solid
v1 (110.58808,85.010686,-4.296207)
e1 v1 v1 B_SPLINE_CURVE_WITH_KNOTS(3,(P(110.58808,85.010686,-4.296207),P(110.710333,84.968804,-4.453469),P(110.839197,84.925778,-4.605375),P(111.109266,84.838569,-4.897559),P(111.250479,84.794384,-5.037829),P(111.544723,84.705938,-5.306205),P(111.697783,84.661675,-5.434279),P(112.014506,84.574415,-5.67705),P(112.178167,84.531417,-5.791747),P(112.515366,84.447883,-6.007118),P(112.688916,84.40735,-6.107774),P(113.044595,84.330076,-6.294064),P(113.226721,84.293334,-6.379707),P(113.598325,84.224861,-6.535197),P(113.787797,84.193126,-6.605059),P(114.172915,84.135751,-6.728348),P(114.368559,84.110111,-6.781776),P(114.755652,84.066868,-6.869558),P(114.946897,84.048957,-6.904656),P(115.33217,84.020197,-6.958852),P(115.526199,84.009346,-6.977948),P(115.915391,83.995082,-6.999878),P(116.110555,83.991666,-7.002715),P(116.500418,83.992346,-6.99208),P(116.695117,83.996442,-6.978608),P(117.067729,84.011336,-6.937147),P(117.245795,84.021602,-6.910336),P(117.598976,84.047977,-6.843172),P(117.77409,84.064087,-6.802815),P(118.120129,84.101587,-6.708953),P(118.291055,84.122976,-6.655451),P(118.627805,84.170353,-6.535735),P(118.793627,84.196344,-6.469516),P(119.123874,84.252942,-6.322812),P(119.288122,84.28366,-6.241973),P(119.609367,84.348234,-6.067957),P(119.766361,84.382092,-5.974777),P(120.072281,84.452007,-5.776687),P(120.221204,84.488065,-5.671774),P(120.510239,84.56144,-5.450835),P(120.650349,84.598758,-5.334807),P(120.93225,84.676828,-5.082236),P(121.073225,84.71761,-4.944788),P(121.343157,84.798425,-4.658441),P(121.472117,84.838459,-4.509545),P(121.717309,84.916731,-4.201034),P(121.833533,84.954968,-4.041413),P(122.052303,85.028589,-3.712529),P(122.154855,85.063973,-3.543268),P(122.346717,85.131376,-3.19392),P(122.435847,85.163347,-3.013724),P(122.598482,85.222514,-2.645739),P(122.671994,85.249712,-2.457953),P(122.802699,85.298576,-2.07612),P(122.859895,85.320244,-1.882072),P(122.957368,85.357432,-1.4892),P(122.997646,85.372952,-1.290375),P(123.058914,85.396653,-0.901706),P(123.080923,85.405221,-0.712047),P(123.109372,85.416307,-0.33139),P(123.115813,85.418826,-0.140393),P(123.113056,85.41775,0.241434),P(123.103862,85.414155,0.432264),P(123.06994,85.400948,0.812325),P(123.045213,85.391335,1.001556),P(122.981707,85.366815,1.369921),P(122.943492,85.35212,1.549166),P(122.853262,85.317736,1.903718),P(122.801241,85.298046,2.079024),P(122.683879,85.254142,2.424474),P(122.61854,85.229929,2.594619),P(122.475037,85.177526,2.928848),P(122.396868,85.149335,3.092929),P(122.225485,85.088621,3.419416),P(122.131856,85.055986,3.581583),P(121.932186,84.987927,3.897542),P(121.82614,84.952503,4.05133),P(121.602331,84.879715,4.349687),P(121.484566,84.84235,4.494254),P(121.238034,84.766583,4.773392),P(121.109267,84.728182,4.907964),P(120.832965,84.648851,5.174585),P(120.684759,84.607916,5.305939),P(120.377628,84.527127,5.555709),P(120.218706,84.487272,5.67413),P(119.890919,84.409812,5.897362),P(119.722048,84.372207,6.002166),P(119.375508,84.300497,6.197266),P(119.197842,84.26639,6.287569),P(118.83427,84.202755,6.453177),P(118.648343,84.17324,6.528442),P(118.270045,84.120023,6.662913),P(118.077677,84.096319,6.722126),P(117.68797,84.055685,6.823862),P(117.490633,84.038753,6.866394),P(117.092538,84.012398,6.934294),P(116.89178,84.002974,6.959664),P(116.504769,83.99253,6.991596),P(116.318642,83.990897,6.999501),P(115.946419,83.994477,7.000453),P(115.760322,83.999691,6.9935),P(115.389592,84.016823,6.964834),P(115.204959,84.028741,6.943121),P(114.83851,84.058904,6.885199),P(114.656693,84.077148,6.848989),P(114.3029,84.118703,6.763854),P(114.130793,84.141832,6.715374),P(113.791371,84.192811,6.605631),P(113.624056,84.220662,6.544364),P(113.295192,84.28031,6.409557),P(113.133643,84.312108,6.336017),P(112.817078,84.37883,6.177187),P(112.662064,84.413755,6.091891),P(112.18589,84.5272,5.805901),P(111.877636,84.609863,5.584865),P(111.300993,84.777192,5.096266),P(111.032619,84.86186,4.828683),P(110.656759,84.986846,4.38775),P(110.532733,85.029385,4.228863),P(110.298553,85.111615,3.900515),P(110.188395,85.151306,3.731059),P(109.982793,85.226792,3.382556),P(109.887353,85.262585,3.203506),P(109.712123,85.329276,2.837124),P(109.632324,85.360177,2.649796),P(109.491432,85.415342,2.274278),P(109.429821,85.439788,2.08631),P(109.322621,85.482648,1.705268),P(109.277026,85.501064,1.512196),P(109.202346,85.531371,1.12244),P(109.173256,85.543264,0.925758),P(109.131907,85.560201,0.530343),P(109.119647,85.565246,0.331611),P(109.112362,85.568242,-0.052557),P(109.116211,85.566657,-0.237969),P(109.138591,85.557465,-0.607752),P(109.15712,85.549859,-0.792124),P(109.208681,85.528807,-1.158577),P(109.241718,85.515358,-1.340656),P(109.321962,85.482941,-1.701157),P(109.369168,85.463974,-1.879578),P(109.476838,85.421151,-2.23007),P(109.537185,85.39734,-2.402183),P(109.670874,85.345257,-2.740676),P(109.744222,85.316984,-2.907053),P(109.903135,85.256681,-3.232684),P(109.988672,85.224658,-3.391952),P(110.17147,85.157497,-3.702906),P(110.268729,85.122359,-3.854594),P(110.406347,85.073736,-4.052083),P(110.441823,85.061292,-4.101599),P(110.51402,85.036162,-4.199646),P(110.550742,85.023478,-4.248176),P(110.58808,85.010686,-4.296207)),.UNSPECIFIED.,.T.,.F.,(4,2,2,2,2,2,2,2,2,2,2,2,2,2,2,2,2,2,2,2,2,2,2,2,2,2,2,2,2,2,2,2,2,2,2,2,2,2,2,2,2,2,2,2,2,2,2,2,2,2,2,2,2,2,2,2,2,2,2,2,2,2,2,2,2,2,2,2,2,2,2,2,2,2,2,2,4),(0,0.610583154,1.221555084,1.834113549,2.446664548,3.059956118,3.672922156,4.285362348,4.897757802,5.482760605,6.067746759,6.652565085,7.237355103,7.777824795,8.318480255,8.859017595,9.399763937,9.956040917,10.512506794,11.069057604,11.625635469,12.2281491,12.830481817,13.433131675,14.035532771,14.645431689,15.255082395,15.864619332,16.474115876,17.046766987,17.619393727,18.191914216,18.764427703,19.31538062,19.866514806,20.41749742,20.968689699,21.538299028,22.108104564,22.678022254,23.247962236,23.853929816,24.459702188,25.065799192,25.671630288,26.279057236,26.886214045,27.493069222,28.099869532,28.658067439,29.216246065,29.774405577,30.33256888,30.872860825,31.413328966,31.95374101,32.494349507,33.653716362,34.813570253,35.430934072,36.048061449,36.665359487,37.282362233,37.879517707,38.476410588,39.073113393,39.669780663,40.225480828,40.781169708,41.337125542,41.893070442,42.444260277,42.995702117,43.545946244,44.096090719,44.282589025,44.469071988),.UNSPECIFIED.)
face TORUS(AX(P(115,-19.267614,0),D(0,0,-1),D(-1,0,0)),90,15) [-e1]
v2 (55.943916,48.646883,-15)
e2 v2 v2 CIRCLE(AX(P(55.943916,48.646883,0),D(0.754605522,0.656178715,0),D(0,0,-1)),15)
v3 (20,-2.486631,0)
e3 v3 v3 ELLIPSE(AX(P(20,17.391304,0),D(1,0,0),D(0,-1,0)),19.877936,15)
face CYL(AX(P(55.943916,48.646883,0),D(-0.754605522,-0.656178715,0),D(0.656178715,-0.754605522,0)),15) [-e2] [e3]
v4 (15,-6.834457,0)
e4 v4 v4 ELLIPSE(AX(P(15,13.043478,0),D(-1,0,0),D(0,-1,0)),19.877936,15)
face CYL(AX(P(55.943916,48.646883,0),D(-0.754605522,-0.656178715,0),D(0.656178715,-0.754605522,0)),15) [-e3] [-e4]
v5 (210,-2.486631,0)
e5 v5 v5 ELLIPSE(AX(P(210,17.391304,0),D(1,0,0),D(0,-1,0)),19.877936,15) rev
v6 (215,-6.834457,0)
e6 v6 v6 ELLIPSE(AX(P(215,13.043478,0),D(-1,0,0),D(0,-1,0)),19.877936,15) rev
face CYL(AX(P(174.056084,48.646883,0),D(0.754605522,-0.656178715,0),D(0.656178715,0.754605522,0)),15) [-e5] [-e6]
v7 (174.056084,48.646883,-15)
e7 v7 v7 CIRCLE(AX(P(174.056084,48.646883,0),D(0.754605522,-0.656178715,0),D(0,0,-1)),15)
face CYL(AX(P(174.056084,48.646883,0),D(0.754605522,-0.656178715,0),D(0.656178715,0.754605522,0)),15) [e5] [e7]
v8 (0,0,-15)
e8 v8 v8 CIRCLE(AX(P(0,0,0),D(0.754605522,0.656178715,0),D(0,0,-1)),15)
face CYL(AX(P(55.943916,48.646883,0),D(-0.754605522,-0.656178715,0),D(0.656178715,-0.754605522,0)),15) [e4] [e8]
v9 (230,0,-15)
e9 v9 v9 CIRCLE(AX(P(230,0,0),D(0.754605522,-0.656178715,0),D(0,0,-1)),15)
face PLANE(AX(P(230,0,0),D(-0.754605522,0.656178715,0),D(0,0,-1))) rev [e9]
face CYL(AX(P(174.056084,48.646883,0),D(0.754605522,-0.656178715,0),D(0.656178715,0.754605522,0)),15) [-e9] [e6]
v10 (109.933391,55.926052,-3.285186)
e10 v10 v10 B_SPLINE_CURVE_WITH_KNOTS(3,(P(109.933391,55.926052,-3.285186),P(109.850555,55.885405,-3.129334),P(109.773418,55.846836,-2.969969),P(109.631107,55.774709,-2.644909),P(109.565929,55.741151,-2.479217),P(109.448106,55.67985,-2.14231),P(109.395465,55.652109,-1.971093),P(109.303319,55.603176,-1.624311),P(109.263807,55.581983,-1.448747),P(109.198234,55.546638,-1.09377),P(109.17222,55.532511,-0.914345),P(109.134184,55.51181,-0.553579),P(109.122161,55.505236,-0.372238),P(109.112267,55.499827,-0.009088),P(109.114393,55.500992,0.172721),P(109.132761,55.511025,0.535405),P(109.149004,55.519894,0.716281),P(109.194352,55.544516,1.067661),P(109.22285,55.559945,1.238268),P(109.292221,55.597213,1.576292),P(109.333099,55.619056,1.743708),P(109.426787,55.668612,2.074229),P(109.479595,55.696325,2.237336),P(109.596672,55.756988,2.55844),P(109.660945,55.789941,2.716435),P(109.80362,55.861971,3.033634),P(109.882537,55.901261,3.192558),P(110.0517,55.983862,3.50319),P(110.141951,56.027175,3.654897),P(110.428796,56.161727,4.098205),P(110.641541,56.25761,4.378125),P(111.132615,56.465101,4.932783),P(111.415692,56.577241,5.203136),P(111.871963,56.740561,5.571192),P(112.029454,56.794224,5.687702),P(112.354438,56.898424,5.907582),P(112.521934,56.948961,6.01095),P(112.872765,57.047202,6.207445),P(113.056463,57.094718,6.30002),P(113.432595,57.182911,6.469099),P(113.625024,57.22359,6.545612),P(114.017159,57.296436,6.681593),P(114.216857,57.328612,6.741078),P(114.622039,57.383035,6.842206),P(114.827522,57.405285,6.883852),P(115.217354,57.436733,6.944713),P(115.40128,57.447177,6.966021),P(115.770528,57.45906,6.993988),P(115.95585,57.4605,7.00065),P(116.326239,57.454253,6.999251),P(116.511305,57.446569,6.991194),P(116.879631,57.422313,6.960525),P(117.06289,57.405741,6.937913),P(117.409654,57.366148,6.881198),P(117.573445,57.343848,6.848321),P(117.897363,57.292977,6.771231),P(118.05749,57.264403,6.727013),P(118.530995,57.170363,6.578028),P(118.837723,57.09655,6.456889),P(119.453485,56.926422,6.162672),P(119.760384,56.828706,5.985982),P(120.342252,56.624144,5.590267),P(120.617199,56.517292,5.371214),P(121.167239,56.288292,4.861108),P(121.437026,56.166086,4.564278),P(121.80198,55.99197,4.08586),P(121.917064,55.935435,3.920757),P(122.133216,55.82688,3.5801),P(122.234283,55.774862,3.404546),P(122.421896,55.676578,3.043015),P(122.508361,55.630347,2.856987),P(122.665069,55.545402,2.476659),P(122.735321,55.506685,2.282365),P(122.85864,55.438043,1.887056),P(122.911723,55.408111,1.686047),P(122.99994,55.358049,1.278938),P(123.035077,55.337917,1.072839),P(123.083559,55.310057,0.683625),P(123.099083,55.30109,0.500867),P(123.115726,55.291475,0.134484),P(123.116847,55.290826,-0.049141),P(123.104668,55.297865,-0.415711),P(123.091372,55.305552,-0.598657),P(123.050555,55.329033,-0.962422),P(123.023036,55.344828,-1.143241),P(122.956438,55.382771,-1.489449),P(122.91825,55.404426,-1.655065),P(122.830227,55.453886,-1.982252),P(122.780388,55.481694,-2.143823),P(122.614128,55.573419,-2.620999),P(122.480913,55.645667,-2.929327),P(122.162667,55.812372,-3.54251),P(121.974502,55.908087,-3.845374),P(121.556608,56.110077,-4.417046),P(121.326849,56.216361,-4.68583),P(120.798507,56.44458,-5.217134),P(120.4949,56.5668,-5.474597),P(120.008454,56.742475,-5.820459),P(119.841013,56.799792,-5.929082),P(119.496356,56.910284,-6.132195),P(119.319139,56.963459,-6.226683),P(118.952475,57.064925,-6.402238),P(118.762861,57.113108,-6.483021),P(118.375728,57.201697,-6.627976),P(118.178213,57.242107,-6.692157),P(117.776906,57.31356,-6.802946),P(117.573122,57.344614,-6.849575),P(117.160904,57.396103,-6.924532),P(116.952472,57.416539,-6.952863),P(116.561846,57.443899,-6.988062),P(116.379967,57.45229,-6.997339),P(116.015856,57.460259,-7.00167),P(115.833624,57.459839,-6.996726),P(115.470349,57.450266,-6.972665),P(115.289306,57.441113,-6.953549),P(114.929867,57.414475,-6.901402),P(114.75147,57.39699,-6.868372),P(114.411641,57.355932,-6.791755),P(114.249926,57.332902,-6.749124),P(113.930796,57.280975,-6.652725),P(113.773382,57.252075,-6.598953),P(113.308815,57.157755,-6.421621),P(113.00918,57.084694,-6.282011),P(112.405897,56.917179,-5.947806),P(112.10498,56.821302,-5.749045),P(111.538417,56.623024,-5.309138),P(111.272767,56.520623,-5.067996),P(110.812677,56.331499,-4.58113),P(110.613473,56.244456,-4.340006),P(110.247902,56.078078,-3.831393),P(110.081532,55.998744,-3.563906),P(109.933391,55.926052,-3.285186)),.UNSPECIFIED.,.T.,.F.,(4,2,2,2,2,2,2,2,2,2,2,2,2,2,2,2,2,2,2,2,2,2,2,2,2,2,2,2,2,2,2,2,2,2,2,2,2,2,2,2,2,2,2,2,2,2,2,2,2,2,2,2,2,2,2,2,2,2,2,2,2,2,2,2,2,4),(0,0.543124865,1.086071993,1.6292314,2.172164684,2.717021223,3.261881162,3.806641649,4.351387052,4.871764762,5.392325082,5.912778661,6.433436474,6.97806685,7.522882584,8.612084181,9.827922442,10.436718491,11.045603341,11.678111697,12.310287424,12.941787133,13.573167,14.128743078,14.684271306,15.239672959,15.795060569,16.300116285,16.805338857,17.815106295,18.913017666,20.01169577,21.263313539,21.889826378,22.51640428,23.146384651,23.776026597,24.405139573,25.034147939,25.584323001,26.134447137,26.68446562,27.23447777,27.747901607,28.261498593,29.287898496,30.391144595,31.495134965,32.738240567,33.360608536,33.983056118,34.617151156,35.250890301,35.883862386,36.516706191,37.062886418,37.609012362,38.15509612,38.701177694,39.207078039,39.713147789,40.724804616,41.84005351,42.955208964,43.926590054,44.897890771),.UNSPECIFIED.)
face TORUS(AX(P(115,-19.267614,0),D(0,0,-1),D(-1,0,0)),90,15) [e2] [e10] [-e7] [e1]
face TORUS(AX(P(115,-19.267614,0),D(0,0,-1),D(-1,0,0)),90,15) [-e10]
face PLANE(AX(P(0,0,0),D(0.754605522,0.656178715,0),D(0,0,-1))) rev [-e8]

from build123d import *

# Parameters (mm, degrees)
SKETCH3_R = 15


with BuildPart() as part:
    # Sweep1: sweep along a path in Sketch1
    with BuildLine(Plane.XY) as sweep1_path:
        ThreePointArc((115, 70.732386185), (83.47465091, 65.03038358), (55.943915657, 48.64688318))
        Line((55.943915657, 48.64688318), (0, 0))
    # Sketch3 → Sweep1 (sweep)
    with BuildSketch(Plane(origin=(115, 0, 0), x_dir=(0, 0, -1), z_dir=(1, 0, 0))):
        with Locations((0, 70.732386185)):
            Circle(SKETCH3_R)
    sweep1 = sweep(path=sweep1_path.line)

    # Mirror1: Sweep1 across plane
    add(sweep1.mirror(Plane(origin=(115, 0, 0), x_dir=(0, 0, 1), z_dir=(1, 0, 0))))


solid = part.part
